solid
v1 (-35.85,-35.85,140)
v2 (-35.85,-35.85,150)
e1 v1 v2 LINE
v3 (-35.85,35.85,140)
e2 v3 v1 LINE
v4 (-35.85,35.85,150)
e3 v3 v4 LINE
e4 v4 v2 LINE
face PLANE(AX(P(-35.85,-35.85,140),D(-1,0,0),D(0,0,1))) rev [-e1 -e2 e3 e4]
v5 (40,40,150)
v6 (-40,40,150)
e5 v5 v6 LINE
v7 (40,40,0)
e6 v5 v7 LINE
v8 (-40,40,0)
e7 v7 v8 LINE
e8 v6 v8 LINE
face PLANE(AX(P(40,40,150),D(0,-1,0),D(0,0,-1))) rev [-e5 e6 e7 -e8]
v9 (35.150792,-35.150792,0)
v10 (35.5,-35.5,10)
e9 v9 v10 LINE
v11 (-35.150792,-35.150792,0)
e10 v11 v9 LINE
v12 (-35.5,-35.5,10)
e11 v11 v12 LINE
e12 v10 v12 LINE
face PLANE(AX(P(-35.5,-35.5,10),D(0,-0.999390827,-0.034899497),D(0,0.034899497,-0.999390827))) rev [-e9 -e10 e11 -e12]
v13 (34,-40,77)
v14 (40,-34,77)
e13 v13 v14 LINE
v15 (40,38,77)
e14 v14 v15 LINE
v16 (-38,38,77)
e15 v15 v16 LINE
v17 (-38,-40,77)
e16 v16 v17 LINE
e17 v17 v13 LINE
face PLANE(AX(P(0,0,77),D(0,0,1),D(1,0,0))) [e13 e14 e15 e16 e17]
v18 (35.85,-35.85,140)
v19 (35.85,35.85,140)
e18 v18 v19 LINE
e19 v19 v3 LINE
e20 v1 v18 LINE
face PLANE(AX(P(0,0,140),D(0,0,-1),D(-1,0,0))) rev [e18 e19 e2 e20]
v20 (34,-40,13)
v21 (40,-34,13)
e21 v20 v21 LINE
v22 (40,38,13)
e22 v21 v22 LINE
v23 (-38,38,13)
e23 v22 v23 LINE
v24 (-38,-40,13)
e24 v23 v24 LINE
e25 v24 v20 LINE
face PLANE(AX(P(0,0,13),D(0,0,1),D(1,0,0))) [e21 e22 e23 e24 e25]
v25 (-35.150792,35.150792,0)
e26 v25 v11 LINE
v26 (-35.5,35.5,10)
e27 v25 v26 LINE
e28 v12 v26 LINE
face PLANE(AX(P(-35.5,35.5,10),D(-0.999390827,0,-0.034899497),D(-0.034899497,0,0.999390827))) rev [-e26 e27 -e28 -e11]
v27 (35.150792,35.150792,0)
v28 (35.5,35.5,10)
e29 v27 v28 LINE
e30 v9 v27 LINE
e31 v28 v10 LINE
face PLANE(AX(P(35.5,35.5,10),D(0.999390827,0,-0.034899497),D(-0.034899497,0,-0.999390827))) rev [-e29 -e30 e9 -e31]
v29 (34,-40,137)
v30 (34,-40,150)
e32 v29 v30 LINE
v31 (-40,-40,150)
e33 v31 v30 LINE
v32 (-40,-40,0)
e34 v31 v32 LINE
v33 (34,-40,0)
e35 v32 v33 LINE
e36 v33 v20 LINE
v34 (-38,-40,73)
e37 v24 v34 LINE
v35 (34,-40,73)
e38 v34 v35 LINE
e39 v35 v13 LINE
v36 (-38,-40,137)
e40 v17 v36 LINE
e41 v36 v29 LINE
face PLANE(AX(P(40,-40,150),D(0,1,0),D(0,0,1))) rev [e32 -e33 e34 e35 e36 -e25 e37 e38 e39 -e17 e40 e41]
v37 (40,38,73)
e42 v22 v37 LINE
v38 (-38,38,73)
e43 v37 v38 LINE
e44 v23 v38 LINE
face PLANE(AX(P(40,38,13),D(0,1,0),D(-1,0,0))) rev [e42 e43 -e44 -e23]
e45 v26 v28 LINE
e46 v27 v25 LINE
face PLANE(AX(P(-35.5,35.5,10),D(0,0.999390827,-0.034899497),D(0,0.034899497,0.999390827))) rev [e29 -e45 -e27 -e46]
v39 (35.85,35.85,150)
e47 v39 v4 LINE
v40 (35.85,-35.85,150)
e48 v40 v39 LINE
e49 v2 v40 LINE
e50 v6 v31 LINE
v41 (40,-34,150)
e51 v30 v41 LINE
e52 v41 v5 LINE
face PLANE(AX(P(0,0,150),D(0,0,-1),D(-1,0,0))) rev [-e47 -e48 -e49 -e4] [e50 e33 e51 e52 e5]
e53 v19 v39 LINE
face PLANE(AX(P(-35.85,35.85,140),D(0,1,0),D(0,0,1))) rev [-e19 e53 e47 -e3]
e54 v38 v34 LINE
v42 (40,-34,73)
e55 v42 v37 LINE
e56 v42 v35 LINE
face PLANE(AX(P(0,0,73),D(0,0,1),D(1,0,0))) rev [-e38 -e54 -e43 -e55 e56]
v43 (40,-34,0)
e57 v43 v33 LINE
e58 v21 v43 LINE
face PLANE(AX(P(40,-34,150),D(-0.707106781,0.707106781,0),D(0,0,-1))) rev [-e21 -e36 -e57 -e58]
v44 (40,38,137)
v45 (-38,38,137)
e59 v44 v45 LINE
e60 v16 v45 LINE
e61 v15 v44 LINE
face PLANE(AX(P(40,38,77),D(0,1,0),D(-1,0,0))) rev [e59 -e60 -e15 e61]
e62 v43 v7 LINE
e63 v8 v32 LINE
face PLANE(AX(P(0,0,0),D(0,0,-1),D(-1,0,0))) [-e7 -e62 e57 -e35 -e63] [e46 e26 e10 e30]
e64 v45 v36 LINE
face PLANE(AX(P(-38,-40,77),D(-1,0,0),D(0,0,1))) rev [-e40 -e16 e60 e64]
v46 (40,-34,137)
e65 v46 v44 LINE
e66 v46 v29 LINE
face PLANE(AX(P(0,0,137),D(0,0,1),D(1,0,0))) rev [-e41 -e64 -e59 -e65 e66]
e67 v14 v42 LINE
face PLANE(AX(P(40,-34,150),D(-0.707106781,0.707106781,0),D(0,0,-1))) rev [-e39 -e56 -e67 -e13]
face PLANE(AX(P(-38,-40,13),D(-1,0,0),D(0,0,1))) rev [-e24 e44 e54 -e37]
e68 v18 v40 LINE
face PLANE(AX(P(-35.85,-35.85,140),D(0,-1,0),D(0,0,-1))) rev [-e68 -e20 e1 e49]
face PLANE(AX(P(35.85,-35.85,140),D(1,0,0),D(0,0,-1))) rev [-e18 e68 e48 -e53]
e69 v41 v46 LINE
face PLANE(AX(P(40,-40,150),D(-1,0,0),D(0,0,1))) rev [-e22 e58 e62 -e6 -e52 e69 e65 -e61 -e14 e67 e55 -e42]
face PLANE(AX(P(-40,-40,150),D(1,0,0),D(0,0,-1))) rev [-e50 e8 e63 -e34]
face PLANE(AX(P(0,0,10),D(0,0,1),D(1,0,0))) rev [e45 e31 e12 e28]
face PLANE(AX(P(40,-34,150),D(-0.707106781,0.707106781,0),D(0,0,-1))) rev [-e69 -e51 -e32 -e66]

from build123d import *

# Parameters (mm, degrees)
SKETCH1_W                           = 80
SKETCH1_H                           = 80
BOSS_EXTRUDE1_DEPTH                 = 150
SKETCH2_W                           = 71.7
SKETCH2_H                           = 71.7
CUT_EXTRUDE1_71_7SQUARE_DEPTH       = 10
SKETCH4_W                           = 78
SKETCH4_H                           = 78
CUT_EXTRUDE2_COMPARTMENT1_6CM_DEPTH = 60
SKETCH5_W                           = 78
SKETCH5_H                           = 78
CUT_EXTRUDE3_DEPTH                  = 60
SKETCH6_W                           = 71
SKETCH6_H                           = 71
CUT_EXTRUDE4_DEPTH                  = 60
CUT_EXTRUDE4_TAPER                  = 2
CHAMFER1_SIZE                       = 6


with BuildPart() as part:
    # Sketch1 → Boss-Extrude1 (new body)
    with BuildSketch(Plane(origin=(0, 0, 0), x_dir=(0, 1, 0), z_dir=(0, 0, 1))):
        Rectangle(SKETCH1_W, SKETCH1_H)
    extrude(amount=BOSS_EXTRUDE1_DEPTH)

    # Sketch2 → Cut-Extrude1-71.7square (cut)
    with BuildSketch(Plane.XY.offset(150)):
        Rectangle(SKETCH2_W, SKETCH2_H)
    extrude(amount=-CUT_EXTRUDE1_71_7SQUARE_DEPTH, mode=Mode.SUBTRACT)

    # Sketch4 → Cut-Extrude2-compartment1-6cm (cut)
    with BuildSketch(Plane.XY.offset(137)):
        with Locations((1, -1)):
            Rectangle(SKETCH4_W, SKETCH4_H)
    extrude(amount=-CUT_EXTRUDE2_COMPARTMENT1_6CM_DEPTH, mode=Mode.SUBTRACT)

    # Sketch5 → Cut-Extrude3 (cut)
    with BuildSketch(Plane.XY.offset(73)):
        with Locations((1, -1)):
            Rectangle(SKETCH5_W, SKETCH5_H)
    extrude(amount=-CUT_EXTRUDE3_DEPTH, mode=Mode.SUBTRACT)

    # Sketch6 → Cut-Extrude4 (cut)
    with BuildSketch(Plane(origin=(0, 0, 10), x_dir=(1, 0, 0), z_dir=(0, 0, -1))):
        Rectangle(SKETCH6_W, SKETCH6_H)
    extrude(amount=CUT_EXTRUDE4_DEPTH, taper=CUT_EXTRUDE4_TAPER, mode=Mode.SUBTRACT)

    # Chamfer1
    chamfer1_edges = [part.edges().sort_by_distance(p)[0] for p in [
        (40, -40, 75),
        (40, -40, 6.5),
        (40, -40, 143.5),
    ]]
    chamfer(chamfer1_edges, length=CHAMFER1_SIZE)


solid = part.part
